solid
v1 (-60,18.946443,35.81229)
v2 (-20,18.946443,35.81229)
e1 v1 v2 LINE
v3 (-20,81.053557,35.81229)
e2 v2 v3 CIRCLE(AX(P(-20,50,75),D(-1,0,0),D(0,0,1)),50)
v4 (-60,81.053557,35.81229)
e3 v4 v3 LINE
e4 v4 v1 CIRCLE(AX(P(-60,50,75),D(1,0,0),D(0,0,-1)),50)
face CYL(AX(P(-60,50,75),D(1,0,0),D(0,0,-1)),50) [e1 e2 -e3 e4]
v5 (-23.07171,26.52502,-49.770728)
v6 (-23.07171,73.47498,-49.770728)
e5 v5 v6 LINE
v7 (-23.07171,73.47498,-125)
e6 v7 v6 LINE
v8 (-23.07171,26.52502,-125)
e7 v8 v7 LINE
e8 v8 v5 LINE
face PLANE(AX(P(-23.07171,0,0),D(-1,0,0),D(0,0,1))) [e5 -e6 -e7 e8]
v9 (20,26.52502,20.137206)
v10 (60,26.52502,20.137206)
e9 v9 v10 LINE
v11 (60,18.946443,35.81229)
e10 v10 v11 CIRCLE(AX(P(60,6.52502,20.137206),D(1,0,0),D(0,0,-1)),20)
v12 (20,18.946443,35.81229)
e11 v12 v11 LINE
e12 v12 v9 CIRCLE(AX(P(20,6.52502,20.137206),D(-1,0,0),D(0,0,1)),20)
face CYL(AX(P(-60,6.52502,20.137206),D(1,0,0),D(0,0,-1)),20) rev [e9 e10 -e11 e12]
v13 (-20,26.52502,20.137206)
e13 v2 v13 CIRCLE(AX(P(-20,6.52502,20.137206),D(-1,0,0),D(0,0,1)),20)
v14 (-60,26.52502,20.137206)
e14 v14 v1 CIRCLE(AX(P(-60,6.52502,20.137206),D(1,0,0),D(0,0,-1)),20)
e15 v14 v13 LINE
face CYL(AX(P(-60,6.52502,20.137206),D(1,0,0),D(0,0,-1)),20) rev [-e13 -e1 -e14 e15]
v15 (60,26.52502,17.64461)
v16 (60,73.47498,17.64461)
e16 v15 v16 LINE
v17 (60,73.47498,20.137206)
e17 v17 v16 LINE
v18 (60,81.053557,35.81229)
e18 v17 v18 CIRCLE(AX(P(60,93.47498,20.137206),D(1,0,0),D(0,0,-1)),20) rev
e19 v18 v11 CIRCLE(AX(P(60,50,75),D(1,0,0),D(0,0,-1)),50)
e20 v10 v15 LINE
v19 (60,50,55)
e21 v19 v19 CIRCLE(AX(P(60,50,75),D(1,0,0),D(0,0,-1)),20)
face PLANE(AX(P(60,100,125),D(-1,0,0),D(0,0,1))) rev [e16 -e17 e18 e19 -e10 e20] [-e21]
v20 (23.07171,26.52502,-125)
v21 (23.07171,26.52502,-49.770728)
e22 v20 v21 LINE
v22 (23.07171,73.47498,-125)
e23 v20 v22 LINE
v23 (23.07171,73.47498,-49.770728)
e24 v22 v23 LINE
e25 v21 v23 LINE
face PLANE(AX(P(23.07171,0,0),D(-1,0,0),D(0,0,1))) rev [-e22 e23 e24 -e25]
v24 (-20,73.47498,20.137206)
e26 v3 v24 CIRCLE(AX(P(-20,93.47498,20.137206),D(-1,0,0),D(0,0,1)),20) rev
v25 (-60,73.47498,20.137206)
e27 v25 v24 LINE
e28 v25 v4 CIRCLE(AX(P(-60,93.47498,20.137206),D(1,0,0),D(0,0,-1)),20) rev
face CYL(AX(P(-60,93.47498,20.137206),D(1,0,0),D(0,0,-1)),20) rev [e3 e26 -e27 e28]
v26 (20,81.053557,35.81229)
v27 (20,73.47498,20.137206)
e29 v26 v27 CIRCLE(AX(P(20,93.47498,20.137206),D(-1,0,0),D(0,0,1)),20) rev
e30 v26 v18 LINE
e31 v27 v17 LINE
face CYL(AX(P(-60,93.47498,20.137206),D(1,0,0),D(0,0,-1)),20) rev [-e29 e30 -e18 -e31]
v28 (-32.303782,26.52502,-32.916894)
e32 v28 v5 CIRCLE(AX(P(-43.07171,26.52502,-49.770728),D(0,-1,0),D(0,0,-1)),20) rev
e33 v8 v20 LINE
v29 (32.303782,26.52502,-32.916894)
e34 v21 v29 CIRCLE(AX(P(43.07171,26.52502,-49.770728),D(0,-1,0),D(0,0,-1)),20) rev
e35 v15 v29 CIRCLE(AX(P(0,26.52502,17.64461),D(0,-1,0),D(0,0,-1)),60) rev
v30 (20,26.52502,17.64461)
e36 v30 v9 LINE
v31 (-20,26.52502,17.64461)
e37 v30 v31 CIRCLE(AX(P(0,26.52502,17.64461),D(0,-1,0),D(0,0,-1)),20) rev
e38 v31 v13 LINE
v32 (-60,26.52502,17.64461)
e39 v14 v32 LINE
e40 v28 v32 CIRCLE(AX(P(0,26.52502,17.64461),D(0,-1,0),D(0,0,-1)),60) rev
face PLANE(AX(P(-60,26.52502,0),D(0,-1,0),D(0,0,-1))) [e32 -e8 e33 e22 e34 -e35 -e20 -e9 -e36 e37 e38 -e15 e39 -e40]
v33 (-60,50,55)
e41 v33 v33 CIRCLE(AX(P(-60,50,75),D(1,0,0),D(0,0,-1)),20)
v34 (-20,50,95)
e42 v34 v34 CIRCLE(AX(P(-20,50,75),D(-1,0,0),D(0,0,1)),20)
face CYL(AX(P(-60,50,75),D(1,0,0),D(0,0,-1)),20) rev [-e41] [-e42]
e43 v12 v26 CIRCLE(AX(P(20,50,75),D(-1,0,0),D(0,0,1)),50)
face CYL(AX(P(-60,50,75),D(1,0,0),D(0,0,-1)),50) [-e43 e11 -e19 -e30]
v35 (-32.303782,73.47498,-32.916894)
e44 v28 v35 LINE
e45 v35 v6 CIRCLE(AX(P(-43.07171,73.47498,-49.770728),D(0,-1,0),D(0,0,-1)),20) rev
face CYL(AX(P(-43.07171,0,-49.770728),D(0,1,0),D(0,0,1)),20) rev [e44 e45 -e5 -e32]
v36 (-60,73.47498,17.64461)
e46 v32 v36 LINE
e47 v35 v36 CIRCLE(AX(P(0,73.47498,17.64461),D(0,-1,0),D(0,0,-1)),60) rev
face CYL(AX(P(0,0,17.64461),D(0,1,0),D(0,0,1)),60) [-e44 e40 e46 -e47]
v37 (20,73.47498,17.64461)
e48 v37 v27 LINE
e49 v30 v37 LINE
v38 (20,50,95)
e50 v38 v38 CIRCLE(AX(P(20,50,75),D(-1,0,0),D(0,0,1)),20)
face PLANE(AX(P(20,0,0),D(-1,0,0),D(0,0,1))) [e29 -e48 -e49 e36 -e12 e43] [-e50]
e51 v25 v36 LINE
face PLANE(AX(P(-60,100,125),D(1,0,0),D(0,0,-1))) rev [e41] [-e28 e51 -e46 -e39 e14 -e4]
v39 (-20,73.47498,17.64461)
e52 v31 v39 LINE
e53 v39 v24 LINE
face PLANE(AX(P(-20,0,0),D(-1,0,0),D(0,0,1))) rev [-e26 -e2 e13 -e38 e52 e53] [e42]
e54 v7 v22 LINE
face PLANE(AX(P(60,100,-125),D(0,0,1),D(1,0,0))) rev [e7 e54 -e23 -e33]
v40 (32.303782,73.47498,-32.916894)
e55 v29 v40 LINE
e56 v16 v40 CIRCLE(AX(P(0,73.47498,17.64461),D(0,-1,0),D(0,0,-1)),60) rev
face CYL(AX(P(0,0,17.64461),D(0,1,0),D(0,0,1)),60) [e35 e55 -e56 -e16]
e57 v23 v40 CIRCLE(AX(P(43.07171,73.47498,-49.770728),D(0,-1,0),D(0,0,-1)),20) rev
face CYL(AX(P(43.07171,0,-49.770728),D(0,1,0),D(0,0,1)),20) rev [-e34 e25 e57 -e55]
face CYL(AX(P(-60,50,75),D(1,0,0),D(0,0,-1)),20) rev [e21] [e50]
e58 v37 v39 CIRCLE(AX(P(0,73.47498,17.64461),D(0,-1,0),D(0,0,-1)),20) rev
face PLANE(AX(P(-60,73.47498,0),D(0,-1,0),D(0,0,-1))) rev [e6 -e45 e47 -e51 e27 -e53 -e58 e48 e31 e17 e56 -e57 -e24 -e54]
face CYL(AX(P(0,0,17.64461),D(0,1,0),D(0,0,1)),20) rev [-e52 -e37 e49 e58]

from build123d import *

# Parameters (mm, degrees)
SKETCH2_W           = 120
SKETCH2_H           = 250
BOSS_EXTRUDE1_DEPTH = 100
SKETCH4_R           = 20
CUT_EXTRUDE1_DEPTH  = 100
SKETCH5_R           = 20
CUT_EXTRUDE5_DEPTH  = 201.062490237


with BuildPart() as part:
    # Sketch2 → Boss-Extrude1 (new body)
    with BuildSketch(Plane(origin=(0, 0, 0), x_dir=(1, 0, 0), z_dir=(0, 1, 0))):
        Rectangle(SKETCH2_W, SKETCH2_H)
    extrude(amount=BOSS_EXTRUDE1_DEPTH)

    # Sketch4 → Cut-Extrude1 (cut)
    with BuildSketch(Plane(origin=(0, 100, 0), x_dir=(1, 0, 0), z_dir=(0, 1, 0))):
        with BuildLine():
            Line((-60, 125), (-60, -17.644609552))
            ThreePointArc((-60, -17.644609552), (-52.622366518, 11.180492718), (-32.303782241, 32.916893747))
            ThreePointArc((-32.303782241, 32.916893747), (-25.530920786, 40.16236081), (-23.071709655, 49.770728302))
            Line((-23.071709655, 49.770728302), (-23.071709655, 125))
            Line((-23.071709655, 125), (-60, 125))
        make_face()
        with BuildLine():
            ThreePointArc((32.303782241, 32.916893747), (52.62236667, 11.18049244), (60, -17.644610185))
            Line((60, -17.644610185), (60, 125))
            Line((60, 125), (23.071709655, 125))
            Line((23.071709655, 125), (23.071709655, 49.770728302))
            ThreePointArc((23.071709655, 49.770728302), (25.530920786, 40.16236081), (32.303782241, 32.916893747))
        make_face()
        with Locations((0, -17.644609919)):
            Circle(SKETCH4_R)
        with BuildLine():
            Line((-20, -17.644609919), (-20, -74.213152414))
            ThreePointArc((-20, -74.213152414), (0, -77.644609919), (20, -74.213152414))
            Line((20, -74.213152414), (20, -17.644609919))
            ThreePointArc((20, -17.644609919), (0, -37.644609919), (-20, -17.644609919))
        make_face()
        with BuildLine():
            Line((-20, -74.213152414), (-20, -125))
            Line((-20, -125), (20, -125))
            Line((20, -125), (20, -74.213152414))
            ThreePointArc((20, -74.213152414), (0, -77.644609919), (-20, -74.213152414))
        make_face()
    extrude(amount=-CUT_EXTRUDE1_DEPTH, mode=Mode.SUBTRACT)

    # Sketch5 → Cut-Extrude5 (cut, through all)
    # profile 1 of 2: a face of its own
    with BuildSketch(Plane(origin=(60, 0, 0), x_dir=(0, 0, -1), z_dir=(1, 0, 0))):
        Polygon((125, 100), (49.770728302, 100), (32.916893747, 100), (-17.644609919, 100), (-125, 100), (-125, 0), (-17.644609919, 0), (32.916893747, 0), (49.770728302, 0), (125, 0), align=None)
        with BuildLine():
            Line((125, 73.474979738), (125, 26.525020262))
            Line((125, 26.525020262), (-20.137206262, 26.525020262))
            ThreePointArc((-20.137206262, 26.525020262), (-28.84270867, 24.530970051), (-35.812290187, 18.946443044))
            ThreePointArc((-35.812290187, 18.946443044), (-125, 50), (-35.812290187, 81.053556956))
            ThreePointArc((-35.812290187, 81.053556956), (-28.84270867, 75.469029949), (-20.137206262, 73.474979738))
            Line((-20.137206262, 73.474979738), (125, 73.474979738))
        make_face(mode=Mode.SUBTRACT)
    # profile 2 of 2: a face of its own
    with BuildSketch(Plane(origin=(60, 0, 0), x_dir=(0, 0, -1), z_dir=(1, 0, 0))):
        with Locations((-75, 50)):
            Circle(SKETCH5_R)
    extrude(amount=-CUT_EXTRUDE5_DEPTH, mode=Mode.SUBTRACT)


with BuildPart() as cut_extrude5_kept_piece:
    # of the separate pieces the step leaves, the one the design keeps (cut_extrude5_pieces_kept)
    add(part.part.solids().sort_by_distance((23.071709655, 73.474979738, -125))[0])


solid = cut_extrude5_kept_piece.part
